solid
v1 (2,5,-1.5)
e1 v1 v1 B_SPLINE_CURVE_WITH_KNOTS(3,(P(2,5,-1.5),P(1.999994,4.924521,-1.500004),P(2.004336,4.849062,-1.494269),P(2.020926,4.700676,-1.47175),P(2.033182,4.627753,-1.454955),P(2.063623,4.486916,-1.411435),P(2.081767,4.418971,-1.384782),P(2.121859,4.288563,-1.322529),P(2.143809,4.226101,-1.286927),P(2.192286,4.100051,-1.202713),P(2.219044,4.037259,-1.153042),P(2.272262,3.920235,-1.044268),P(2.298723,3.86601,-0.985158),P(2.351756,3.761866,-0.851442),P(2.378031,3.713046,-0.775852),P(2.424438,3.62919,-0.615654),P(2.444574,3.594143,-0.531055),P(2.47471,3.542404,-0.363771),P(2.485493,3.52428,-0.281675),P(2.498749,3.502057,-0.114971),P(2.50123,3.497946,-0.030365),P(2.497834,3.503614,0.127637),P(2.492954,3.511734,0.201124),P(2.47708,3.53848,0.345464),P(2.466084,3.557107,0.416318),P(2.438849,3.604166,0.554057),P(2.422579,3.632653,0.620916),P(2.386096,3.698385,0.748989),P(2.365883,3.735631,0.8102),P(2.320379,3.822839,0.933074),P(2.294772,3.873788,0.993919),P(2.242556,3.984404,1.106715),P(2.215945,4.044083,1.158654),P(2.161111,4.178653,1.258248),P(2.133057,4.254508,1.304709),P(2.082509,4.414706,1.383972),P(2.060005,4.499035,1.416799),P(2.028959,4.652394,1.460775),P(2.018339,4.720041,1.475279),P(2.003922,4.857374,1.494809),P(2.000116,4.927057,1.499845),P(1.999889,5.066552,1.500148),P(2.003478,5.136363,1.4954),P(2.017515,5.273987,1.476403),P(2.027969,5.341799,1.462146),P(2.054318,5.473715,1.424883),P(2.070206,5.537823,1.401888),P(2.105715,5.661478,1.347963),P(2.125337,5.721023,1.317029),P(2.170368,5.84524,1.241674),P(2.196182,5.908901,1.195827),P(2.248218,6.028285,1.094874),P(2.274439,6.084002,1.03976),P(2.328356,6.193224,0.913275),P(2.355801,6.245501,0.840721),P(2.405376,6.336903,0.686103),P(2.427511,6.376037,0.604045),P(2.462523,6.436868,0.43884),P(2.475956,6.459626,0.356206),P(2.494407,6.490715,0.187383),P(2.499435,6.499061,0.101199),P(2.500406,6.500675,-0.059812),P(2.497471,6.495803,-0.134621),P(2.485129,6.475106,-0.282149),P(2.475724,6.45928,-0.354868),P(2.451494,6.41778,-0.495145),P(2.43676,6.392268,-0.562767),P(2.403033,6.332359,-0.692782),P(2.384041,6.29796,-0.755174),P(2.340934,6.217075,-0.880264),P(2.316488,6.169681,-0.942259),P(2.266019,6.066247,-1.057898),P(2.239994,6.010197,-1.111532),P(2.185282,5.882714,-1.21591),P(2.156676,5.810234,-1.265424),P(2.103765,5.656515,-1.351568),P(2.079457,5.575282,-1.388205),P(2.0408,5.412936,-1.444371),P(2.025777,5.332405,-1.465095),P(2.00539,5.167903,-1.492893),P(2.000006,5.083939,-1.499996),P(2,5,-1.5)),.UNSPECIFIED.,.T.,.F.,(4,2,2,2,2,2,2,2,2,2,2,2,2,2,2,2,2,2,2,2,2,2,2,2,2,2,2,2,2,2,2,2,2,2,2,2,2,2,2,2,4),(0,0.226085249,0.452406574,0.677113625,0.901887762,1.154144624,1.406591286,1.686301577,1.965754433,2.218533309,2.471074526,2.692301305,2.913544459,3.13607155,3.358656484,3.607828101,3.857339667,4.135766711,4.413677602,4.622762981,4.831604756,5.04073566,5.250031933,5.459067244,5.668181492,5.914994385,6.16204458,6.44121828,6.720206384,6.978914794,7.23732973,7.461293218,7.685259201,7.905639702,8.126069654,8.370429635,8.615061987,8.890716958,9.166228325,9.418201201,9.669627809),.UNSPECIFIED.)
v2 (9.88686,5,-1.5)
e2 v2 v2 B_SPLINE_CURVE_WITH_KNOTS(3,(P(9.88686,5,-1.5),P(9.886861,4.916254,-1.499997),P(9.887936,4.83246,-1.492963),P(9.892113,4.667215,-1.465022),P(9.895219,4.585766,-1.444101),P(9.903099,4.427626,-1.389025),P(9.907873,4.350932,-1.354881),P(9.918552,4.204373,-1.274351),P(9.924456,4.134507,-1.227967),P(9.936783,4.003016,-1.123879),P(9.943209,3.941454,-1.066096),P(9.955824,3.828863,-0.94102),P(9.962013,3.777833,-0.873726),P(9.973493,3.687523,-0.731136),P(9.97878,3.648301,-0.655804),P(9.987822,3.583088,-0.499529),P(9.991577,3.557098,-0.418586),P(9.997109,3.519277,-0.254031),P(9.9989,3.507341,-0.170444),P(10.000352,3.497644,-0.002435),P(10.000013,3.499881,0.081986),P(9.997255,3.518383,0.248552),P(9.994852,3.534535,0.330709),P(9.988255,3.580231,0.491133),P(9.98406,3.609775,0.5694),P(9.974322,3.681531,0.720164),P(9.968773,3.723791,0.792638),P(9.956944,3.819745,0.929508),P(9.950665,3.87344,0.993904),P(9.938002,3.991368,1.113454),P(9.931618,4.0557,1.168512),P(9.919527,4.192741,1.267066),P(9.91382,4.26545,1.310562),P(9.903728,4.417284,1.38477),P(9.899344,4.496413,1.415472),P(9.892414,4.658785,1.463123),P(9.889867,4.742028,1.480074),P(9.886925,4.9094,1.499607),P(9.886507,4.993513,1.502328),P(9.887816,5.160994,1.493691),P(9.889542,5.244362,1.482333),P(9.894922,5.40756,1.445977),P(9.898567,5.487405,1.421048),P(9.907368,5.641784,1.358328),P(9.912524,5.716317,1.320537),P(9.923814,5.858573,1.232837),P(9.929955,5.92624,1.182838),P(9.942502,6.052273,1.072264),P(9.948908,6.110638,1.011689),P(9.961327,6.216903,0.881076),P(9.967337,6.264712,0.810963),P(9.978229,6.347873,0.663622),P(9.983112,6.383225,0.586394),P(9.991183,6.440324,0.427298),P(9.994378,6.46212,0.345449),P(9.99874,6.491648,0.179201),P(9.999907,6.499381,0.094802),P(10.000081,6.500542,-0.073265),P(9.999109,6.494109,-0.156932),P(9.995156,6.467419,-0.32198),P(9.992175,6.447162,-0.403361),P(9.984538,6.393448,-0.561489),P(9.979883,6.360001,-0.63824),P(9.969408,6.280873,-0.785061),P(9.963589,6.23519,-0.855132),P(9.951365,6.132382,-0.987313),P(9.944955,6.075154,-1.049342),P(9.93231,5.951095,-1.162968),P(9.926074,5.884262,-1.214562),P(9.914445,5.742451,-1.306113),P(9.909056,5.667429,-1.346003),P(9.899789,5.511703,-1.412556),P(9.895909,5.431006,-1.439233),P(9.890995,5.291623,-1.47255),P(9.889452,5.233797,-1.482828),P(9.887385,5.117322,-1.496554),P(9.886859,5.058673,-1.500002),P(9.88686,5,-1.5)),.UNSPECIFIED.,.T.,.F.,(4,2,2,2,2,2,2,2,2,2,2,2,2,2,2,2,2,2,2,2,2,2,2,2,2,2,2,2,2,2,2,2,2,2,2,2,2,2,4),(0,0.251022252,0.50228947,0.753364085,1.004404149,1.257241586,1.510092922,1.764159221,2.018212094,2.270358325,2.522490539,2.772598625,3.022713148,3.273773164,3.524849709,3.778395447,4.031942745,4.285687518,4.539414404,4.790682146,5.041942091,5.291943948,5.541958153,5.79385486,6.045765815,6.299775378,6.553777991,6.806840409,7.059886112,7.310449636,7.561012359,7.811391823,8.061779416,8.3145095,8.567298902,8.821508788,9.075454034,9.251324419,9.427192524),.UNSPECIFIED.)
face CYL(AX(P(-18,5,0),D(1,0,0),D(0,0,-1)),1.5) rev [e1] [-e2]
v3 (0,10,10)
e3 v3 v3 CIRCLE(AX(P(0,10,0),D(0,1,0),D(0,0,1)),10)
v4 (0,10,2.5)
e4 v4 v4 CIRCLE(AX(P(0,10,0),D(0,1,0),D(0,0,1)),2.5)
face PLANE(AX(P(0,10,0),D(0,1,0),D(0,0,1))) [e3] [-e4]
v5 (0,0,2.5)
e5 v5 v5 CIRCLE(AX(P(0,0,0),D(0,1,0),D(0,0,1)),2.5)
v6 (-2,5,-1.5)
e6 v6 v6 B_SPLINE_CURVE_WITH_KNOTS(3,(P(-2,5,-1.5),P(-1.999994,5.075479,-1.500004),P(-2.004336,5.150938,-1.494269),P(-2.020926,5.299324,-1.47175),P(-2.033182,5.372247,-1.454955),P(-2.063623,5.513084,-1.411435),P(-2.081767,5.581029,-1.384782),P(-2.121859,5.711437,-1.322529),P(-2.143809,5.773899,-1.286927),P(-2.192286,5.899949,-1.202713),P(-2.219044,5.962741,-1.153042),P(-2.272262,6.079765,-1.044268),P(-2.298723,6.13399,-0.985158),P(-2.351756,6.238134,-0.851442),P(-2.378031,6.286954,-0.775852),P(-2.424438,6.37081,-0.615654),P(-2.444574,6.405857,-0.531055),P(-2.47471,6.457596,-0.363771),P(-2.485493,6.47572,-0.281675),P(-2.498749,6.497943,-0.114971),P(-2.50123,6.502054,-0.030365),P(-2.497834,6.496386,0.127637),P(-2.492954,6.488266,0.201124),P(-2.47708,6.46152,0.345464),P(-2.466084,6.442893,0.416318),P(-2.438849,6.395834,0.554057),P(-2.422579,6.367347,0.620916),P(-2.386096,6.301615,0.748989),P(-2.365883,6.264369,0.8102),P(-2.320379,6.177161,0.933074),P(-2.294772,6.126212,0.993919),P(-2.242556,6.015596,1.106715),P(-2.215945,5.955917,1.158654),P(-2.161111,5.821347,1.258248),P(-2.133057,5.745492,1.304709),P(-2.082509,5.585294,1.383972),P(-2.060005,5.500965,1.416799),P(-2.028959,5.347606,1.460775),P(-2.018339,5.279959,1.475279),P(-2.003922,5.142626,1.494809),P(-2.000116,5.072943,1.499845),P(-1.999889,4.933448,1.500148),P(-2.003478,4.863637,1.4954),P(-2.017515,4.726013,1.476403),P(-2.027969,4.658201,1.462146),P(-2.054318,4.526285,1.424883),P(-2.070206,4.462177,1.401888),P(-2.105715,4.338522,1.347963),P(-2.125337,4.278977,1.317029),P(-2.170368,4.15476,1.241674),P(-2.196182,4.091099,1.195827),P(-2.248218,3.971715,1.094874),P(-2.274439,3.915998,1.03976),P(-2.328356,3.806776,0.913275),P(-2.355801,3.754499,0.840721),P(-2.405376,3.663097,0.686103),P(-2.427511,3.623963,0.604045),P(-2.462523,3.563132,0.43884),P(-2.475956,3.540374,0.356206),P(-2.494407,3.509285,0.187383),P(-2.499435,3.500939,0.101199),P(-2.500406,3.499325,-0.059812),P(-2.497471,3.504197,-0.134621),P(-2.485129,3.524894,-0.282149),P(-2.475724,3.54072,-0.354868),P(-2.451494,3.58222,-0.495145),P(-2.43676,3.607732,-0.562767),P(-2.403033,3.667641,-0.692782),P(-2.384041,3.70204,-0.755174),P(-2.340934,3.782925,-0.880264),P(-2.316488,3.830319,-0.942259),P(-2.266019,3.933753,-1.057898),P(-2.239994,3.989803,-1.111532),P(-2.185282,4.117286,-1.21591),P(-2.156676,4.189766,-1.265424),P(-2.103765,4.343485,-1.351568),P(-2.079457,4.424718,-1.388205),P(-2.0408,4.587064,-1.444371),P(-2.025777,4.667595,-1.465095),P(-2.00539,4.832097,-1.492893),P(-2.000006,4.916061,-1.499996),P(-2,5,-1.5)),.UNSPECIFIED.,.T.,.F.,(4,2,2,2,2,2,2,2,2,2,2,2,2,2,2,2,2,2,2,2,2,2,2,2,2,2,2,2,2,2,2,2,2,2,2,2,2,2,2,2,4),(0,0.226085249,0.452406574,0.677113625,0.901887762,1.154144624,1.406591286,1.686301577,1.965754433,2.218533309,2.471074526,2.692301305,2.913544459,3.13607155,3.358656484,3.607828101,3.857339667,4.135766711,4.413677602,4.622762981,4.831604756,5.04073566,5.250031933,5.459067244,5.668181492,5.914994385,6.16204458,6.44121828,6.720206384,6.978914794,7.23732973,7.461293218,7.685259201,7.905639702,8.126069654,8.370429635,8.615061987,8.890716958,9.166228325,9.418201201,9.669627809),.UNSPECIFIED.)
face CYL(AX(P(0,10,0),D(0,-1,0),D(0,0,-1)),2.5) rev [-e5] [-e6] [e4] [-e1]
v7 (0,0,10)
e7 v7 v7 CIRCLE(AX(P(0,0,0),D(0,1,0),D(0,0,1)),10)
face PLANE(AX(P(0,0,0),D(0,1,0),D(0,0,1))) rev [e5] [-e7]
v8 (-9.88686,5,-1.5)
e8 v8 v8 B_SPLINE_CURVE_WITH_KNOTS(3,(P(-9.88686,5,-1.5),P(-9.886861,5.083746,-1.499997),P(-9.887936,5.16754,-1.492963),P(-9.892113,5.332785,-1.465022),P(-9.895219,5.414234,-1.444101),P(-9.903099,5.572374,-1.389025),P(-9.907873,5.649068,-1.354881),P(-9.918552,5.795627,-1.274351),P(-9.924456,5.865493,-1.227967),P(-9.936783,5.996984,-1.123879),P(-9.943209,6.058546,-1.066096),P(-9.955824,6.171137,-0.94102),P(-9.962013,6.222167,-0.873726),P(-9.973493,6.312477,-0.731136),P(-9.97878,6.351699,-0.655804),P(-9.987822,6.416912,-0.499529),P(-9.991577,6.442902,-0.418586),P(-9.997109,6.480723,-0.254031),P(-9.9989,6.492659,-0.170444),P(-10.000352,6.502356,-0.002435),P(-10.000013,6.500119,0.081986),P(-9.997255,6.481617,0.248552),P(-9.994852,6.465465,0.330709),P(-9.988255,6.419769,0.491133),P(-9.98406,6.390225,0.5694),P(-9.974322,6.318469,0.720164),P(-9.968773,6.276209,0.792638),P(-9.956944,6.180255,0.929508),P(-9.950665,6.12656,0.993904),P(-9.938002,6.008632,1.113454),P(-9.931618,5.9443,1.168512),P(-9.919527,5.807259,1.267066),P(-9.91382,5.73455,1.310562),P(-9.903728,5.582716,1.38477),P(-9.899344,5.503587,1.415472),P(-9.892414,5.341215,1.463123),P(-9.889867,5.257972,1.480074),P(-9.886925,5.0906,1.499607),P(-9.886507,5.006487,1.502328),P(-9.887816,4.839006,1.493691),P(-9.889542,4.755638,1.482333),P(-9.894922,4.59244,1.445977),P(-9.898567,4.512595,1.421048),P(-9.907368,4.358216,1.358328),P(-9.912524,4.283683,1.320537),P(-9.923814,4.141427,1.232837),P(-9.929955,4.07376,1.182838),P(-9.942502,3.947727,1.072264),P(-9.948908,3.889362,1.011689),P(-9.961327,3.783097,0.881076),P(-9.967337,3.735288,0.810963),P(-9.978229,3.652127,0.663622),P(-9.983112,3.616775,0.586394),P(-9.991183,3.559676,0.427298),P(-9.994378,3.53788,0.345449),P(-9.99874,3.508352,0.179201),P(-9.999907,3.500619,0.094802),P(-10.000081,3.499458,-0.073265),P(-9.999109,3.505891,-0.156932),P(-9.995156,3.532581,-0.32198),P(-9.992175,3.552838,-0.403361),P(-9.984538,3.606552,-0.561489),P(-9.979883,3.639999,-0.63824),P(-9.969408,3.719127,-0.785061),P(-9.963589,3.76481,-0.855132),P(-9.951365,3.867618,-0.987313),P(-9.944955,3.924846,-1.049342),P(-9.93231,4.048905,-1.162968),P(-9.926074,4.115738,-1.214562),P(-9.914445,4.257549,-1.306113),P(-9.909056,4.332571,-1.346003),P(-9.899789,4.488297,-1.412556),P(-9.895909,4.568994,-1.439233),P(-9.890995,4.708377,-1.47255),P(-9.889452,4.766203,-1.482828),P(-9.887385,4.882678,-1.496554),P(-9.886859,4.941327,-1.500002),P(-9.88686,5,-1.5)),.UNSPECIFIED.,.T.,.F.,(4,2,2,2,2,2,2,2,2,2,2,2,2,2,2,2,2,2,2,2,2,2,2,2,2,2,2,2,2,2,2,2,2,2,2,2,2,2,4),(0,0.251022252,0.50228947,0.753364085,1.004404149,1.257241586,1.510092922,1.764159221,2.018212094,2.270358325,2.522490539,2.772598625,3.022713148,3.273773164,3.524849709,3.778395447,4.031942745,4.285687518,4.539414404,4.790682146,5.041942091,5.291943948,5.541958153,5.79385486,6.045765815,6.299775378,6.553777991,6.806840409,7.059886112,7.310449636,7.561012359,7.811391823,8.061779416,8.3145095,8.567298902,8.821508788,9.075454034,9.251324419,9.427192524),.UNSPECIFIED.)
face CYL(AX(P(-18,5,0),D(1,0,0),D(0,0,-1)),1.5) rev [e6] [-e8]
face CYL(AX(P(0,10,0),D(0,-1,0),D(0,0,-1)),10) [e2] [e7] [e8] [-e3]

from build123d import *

# Parameters (mm, degrees)
SKETCH1_R               = 10
SKETCH1_R_2             = 2.5
BOSS_EXTRUDE1_DEPTH     = 10
CUT_EXTRUDE1_DEPTH      = 19
CUT_EXTRUDE1_DEPTH_BACK = 18
SKETCH2_R               = 1.5


with BuildPart() as part:
    # Sketch1 → Boss-Extrude1 (new body)
    with BuildSketch(Plane(origin=(0, 0, 0), x_dir=(1, 0, 0), z_dir=(0, 1, 0))):
        with Locations(Location((0, 0, 0), (0, 0, 270))):
            Circle(SKETCH1_R)
        with Locations(Location((0, 0, 0), (0, 0, 270))):
            Circle(SKETCH1_R_2, mode=Mode.SUBTRACT)
    extrude(amount=BOSS_EXTRUDE1_DEPTH)

    # Sketch2 → Cut-Extrude1 (cut, two sides: drawn at the far end of the back side and taken through both)
    with BuildSketch(Plane(origin=(0, 0, 0), x_dir=(0, 0, -1), z_dir=(1, 0, 0)).offset(-CUT_EXTRUDE1_DEPTH_BACK)):
        with Locations((0, 5)):
            Circle(SKETCH2_R)
    extrude(amount=CUT_EXTRUDE1_DEPTH + CUT_EXTRUDE1_DEPTH_BACK, mode=Mode.SUBTRACT)


solid = part.part
